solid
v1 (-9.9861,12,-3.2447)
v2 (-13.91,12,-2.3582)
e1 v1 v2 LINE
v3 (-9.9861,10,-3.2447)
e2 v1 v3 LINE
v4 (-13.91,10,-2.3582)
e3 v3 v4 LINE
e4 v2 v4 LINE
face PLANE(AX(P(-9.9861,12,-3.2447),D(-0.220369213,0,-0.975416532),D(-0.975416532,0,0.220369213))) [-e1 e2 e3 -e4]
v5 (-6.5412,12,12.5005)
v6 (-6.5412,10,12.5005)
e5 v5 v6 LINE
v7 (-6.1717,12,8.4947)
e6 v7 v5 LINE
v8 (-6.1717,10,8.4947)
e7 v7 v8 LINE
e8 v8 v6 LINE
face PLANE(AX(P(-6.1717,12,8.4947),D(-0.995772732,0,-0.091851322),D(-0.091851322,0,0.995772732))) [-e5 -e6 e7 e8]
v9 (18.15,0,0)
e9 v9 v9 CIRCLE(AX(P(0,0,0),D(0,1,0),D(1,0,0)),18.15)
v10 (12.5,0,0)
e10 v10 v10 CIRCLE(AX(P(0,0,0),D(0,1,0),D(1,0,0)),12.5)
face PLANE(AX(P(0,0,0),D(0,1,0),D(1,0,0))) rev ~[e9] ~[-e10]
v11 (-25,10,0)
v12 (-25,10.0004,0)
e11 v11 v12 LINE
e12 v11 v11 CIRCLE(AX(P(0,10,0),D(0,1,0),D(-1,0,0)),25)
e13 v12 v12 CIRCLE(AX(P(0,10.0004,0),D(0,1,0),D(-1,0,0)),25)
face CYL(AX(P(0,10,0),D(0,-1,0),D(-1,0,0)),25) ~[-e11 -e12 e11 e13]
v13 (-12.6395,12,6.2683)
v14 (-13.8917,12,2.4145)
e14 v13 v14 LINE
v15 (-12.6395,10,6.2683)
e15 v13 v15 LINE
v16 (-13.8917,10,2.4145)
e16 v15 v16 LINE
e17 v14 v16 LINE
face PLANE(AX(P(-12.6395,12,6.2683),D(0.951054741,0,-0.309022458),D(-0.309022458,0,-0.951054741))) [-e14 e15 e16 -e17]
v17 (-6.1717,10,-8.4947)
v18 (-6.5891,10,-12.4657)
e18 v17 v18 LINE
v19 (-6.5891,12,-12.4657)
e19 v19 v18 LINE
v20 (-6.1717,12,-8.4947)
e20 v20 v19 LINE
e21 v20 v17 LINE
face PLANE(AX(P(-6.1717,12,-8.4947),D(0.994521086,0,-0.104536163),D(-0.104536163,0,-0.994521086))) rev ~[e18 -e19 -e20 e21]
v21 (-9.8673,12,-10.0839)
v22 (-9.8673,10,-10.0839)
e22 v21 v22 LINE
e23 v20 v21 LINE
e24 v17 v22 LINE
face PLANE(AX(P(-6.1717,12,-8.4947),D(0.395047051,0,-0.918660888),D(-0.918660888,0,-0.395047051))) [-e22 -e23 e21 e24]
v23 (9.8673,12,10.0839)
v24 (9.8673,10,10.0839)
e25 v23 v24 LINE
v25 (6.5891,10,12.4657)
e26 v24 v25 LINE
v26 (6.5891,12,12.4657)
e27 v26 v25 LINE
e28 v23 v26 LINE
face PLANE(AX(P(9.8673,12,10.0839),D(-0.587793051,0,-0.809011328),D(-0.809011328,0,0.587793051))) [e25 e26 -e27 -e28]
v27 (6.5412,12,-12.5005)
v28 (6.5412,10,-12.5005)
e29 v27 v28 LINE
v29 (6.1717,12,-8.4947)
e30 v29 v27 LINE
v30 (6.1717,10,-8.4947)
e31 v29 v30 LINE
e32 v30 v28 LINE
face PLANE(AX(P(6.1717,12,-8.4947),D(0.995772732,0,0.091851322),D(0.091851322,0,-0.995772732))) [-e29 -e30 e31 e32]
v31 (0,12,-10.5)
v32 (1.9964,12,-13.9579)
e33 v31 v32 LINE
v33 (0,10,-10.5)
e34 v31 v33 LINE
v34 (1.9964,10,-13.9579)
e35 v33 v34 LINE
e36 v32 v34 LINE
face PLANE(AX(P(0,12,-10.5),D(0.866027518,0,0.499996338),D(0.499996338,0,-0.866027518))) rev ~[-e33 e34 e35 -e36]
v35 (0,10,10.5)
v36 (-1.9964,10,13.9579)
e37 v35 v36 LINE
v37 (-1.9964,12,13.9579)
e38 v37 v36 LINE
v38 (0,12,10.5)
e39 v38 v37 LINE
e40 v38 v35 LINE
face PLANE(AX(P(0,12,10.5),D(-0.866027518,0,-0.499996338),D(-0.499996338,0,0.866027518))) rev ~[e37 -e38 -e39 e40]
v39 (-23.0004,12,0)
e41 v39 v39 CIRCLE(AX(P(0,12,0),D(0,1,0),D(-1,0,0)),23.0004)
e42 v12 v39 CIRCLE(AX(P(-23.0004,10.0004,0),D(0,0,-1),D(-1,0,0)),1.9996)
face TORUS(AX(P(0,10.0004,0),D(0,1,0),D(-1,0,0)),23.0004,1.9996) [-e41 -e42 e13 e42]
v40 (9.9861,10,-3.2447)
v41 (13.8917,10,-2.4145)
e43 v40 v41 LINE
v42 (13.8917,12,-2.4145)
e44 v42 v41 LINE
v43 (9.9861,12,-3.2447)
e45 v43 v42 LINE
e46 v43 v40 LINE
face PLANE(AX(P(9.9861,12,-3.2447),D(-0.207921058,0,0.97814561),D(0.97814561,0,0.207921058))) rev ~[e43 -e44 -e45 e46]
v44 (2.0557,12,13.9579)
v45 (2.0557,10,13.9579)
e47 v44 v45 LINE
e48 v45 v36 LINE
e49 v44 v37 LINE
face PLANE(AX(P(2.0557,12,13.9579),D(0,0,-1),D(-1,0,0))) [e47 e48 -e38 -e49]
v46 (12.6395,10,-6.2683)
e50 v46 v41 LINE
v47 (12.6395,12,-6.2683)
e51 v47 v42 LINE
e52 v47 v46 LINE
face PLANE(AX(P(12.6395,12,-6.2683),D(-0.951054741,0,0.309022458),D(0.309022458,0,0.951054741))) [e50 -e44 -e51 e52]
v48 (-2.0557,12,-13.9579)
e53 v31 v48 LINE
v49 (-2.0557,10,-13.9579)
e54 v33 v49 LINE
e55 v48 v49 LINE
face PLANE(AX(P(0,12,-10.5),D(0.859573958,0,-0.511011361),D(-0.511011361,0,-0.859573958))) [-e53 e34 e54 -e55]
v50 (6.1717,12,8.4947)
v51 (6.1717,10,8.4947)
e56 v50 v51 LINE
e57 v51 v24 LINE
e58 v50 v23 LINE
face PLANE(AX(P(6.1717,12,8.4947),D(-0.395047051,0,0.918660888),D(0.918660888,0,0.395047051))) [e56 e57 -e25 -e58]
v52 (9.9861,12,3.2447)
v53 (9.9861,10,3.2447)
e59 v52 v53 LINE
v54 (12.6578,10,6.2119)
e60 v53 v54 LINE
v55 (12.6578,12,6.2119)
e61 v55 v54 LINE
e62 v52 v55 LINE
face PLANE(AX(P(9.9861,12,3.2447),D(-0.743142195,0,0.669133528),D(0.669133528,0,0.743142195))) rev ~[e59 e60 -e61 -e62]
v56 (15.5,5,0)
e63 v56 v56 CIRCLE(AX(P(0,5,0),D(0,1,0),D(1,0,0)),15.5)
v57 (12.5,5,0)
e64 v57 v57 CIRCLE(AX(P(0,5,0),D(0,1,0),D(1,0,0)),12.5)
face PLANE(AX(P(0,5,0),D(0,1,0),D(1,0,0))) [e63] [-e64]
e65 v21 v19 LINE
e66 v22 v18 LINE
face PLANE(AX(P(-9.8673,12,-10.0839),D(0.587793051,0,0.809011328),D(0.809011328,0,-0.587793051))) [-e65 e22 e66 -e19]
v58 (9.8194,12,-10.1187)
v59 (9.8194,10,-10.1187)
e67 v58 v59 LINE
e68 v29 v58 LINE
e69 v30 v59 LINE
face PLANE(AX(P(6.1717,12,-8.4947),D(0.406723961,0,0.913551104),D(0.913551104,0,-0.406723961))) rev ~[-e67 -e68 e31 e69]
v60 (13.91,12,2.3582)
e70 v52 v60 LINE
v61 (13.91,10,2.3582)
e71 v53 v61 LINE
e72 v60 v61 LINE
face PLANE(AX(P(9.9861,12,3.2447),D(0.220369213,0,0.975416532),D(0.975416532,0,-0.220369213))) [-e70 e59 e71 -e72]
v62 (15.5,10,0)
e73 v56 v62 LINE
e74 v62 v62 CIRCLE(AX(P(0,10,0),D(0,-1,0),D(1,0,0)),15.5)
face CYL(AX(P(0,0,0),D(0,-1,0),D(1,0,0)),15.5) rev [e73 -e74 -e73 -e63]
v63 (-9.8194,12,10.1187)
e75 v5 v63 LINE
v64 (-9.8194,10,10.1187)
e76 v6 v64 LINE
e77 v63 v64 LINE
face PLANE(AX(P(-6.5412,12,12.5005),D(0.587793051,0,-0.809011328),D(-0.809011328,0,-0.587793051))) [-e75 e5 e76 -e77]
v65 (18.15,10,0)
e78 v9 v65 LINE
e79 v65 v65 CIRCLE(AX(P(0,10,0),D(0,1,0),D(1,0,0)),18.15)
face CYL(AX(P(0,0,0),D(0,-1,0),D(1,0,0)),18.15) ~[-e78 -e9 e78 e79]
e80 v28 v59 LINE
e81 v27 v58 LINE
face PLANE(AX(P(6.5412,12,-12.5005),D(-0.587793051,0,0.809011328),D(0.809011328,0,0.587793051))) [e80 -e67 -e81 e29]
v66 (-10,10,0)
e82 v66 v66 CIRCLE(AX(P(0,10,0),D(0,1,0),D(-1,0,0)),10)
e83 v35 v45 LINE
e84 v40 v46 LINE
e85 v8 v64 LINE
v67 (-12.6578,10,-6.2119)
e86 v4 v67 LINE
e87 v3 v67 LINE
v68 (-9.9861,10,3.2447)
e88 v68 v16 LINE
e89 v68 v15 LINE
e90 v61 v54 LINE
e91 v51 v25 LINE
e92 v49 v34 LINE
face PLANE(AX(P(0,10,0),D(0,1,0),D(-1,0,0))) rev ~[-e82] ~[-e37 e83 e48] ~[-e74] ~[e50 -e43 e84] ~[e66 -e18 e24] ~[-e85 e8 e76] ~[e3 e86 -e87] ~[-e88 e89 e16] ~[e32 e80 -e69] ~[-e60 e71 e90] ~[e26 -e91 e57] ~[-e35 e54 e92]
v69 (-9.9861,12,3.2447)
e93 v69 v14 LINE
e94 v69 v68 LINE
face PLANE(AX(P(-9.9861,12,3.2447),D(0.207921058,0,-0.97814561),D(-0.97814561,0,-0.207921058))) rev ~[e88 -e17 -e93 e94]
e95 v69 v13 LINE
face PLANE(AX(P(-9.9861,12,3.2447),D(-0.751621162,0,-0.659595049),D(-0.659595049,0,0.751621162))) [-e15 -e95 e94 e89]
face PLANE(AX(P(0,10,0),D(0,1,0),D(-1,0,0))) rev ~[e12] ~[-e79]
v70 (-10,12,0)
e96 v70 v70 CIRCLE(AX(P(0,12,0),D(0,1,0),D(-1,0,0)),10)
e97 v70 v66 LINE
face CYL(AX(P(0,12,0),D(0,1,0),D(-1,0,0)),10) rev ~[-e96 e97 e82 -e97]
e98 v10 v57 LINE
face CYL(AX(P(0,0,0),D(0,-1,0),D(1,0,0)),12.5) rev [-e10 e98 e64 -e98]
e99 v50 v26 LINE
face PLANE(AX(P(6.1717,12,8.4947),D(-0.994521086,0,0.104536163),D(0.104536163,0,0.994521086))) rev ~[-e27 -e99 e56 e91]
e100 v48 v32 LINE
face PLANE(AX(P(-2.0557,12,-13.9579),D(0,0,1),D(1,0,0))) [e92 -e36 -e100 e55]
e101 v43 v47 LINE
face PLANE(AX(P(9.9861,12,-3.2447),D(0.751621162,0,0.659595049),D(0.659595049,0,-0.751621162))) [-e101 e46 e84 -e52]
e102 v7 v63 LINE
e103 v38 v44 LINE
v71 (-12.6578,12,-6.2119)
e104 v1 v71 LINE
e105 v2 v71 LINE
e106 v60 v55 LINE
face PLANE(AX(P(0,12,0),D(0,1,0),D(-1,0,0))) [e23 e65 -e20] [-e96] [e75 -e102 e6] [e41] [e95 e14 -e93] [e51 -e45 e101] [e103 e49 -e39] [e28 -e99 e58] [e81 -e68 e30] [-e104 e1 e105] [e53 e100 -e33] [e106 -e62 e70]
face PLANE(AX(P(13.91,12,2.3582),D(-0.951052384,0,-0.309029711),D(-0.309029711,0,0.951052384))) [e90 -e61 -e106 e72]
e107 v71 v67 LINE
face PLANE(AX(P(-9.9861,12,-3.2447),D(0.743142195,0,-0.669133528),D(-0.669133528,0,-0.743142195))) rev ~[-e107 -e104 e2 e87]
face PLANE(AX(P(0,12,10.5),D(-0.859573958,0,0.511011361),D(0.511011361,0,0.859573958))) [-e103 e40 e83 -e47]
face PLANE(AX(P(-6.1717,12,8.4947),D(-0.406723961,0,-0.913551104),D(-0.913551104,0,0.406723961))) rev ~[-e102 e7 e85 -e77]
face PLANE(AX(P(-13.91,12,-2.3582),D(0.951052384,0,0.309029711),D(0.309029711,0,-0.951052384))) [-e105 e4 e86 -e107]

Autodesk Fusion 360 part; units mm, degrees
sketch "Esquisse1" plane through (0, 0, 0) normal (0, 1, 0) x (1, 0, 0)
  circle A0 centre (0, 0) radius 18.15
  circle A1 centre (0, 0) radius 15.5
  dimension "d1" = 36.3
  dimension "d2" = 31
extrude "Extrusion1" add sketch "Esquisse1" along normal blind 10 makes body 1
sketch "Esquisse2" plane through (0, 10, 0) normal (0, 1, 0) x (-1, 0, 0)
  circle A0 centre (0, 0) radius 15.5
  circle A1 centre (0, 0) radius 18.15
  circle A2 centre (0, 0) radius 25
  dimension "d5" = 50
extrude "Extrusion2" add sketch "Esquisse2" along normal blind 2 contours A1 | A2 bodies 1
sketch "Esquisse3" plane through (0, 0, 0) normal (0, 1, 0) x (1, 0, 0)
  circle A0 centre (0, 0) radius 16.65
  circle A1 centre (0, 0) radius 12.5
  dimension "d8" = 33.3
  dimension "d9" = 25
extrude "Extrusion3" add sketch "Esquisse3" along normal blind 5 bodies 1
sketch "Esquisse4" plane through (0, 12, 0) normal (0, 1, 0) x (-1, 0, 0)
  circle A0 centre (0, 0) radius 15.5
  circle A1 centre (0, 0) radius 25
  circle A2 centre (0, 0) radius 16.65
  circle A3 centre (0, 0) radius 10
  dimension "d12" = 33.3
  dimension "d13" = 20
extrude "Extrusion4" add sketch "Esquisse4" against normal blind 2 separate body contours A0 makes body 2
fillet "Congé1" radius 2 1 edges at (23.3082, 12, -9.0404) on bodies 1
sketch "Esquisse5" plane through (0, 12, 0) normal (0, 1, 0) x (-1, 0, 0)
  circle A0 centre (0, 0) radius 10
  circle A1 centre (0, 0) radius 15.5
  line L0 (0, 10.5) -> (1.9964, 13.9579)
  line L1 (0, 10.5) -> (3.9928, 10.5) construction
  line L2 (0, 10.5) -> (-2.0557, 13.9579)
  line L3 (-2.0557, 13.9579) -> (1.9964, 13.9579)
  line L4 (-6.1717, 8.4947) -> (-6.5891, 12.4657)
  line L5 (-9.8673, 10.0839) -> (-6.5891, 12.4657)
  line L6 (-6.1717, 8.4947) -> (-9.8673, 10.0839)
  line L7 (-9.9861, 3.2447) -> (-12.6578, 6.2119)
  line L8 (-13.91, 2.3582) -> (-12.6578, 6.2119)
  line L9 (-9.9861, 3.2447) -> (-13.91, 2.3582)
  line L10 (-9.9861, -3.2447) -> (-13.8917, -2.4145)
  line L11 (-12.6395, -6.2683) -> (-13.8917, -2.4145)
  line L12 (-9.9861, -3.2447) -> (-12.6395, -6.2683)
  line L13 (-6.1717, -8.4947) -> (-9.8194, -10.1187)
  line L14 (-6.5412, -12.5005) -> (-9.8194, -10.1187)
  line L15 (-6.1717, -8.4947) -> (-6.5412, -12.5005)
  line L16 (0, -10.5) -> (-1.9964, -13.9579)
  line L17 (2.0557, -13.9579) -> (-1.9964, -13.9579)
  line L18 (0, -10.5) -> (2.0557, -13.9579)
  line L19 (6.1717, -8.4947) -> (6.5891, -12.4657)
  line L20 (9.8673, -10.0839) -> (6.5891, -12.4657)
  line L21 (6.1717, -8.4947) -> (9.8673, -10.0839)
  line L22 (9.9861, -3.2447) -> (12.6578, -6.2119)
  line L23 (13.91, -2.3582) -> (12.6578, -6.2119)
  line L24 (9.9861, -3.2447) -> (13.91, -2.3582)
  line L25 (9.9861, 3.2447) -> (13.8917, 2.4145)
  line L26 (12.6395, 6.2683) -> (13.8917, 2.4145)
  line L27 (9.9861, 3.2447) -> (12.6395, 6.2683)
  line L28 (6.1717, 8.4947) -> (9.8194, 10.1187)
  line L29 (6.5412, 12.5005) -> (9.8194, 10.1187)
  line L30 (6.1717, 8.4947) -> (6.5412, 12.5005)
  dimension "d18" = 60
  dimension "d20" = 360
extrude "Extrusion5" cut sketch "Esquisse5" against normal blind 5 contours L0 L2 L3 | L4 L5 L6 | L7 L8 L9 | L10 L11 L12 | L13 L14 L15 | L16 L17 L18 | L19 L20 L21 | L22 L23 L24 | L25 L26 L27 | L28 L29 L30 bodies 2
combine "Combiner1" operation add target body 1 tool bodies 2
